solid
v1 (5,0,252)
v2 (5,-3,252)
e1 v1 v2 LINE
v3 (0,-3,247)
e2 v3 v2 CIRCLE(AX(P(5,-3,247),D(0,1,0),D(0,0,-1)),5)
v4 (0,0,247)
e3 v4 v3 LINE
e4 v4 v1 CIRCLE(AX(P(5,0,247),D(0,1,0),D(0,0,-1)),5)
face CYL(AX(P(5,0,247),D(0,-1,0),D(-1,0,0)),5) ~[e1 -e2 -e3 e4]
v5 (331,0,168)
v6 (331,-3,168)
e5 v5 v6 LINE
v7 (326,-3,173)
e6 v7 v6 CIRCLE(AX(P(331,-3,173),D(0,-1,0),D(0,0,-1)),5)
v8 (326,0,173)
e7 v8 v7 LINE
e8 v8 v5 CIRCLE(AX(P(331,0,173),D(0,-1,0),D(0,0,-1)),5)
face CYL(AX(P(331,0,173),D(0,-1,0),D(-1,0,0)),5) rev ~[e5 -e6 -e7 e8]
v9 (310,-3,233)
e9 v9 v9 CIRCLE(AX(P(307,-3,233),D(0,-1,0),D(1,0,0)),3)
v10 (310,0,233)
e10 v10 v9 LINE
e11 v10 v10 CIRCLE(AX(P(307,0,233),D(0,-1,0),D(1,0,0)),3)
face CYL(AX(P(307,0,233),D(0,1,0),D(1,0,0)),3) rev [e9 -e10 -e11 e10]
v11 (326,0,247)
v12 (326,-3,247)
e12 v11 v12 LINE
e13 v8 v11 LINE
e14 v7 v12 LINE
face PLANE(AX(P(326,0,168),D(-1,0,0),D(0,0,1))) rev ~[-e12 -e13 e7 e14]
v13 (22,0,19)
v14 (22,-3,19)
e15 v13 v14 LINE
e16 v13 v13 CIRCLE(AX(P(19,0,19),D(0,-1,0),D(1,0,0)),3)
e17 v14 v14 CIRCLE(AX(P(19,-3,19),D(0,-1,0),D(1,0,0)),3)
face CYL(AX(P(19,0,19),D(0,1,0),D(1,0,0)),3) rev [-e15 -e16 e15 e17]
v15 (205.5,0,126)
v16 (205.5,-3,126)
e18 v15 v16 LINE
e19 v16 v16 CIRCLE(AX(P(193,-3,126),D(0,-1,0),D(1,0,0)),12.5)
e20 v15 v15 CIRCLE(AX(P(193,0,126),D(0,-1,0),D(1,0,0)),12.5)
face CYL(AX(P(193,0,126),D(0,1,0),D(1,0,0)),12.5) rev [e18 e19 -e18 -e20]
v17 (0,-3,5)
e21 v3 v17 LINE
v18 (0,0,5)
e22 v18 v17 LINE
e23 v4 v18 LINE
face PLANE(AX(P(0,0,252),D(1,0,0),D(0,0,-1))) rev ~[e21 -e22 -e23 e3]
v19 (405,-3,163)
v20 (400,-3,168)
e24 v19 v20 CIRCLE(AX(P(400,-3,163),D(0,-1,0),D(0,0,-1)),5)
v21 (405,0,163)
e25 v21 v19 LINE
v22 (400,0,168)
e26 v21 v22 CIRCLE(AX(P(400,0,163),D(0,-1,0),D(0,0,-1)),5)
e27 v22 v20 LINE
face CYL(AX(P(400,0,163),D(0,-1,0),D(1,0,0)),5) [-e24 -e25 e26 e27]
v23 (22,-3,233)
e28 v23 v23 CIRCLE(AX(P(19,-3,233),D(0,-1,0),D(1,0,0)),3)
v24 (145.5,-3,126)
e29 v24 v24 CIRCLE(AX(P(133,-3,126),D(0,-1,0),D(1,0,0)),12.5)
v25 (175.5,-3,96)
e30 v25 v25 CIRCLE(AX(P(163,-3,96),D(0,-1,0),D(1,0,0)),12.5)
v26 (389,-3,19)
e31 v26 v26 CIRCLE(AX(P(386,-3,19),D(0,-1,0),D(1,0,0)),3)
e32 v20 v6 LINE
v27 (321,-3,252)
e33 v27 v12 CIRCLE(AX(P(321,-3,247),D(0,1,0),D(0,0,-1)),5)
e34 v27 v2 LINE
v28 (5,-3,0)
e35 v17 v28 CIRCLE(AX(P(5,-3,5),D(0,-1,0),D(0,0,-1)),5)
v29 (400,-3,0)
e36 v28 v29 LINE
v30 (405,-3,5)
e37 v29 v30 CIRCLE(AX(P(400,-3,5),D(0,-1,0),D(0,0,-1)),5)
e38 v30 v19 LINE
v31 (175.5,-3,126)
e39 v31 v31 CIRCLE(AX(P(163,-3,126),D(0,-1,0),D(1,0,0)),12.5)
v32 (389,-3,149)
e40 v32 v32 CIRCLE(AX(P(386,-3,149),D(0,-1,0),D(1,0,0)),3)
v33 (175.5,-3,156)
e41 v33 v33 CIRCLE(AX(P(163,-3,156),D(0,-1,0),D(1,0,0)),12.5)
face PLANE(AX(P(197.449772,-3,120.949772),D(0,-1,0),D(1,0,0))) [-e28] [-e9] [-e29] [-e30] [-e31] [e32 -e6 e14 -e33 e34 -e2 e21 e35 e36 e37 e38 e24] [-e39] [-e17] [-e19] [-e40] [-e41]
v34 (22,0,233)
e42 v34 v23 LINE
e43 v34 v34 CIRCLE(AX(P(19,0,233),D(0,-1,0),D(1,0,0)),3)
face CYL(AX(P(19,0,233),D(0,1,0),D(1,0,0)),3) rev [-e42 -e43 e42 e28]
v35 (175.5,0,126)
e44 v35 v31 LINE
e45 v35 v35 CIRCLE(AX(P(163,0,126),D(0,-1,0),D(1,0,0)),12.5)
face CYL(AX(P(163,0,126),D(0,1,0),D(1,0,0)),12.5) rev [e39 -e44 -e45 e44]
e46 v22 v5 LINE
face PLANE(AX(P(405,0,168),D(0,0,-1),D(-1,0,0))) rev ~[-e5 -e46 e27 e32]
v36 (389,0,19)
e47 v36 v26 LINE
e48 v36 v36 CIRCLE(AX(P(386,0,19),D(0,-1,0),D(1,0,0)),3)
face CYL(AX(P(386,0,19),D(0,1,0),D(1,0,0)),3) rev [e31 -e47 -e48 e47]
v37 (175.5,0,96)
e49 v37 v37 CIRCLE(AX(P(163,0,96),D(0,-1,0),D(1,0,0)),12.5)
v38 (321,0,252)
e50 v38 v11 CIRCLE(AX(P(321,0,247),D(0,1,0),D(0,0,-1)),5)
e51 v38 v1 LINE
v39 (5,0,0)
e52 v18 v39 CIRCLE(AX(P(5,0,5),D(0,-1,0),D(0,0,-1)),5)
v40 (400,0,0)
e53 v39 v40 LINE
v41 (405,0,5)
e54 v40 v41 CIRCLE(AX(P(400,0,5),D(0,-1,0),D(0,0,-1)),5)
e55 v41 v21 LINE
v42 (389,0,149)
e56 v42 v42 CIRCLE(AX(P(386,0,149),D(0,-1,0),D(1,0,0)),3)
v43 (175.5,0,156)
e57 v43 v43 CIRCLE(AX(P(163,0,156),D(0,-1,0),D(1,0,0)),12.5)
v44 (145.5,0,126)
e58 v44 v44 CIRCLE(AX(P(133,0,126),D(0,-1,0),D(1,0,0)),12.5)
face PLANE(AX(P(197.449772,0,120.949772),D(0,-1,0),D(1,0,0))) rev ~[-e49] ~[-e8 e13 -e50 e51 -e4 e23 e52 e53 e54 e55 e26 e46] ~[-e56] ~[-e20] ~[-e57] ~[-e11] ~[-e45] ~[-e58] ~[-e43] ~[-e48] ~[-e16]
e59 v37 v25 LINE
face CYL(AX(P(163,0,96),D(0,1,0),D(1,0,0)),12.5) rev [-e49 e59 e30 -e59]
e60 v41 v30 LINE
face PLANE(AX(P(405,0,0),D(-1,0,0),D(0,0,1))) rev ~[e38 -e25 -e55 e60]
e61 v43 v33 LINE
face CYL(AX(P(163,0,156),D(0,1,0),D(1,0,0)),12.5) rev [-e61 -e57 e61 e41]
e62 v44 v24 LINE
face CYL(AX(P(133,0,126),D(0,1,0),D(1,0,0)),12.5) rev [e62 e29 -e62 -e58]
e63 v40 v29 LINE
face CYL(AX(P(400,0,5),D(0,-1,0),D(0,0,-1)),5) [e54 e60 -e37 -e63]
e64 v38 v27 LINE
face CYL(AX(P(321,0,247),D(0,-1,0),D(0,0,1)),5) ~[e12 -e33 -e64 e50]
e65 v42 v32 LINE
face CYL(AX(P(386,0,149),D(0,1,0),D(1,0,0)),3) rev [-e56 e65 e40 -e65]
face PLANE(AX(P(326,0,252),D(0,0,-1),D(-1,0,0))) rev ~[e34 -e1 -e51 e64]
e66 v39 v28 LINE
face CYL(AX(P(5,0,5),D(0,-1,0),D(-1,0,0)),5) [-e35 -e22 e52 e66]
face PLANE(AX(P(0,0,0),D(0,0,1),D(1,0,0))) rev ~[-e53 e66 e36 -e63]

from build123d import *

# Parameters (mm, degrees)
F0_R     = 3
F0_R_2   = 12.5
F1_DEPTH = 3
F2_R     = 5
F3_R     = 5


with BuildPart() as f1:
    # F0 (on Front) → F1 (new body)
    with BuildSketch(Plane.XZ):
        Polygon((0, 252), (0, 0), (405, 0), (405, 168), (326, 168), (326, 252), align=None)
        with Locations((19, 19)):
            Circle(F0_R, mode=Mode.SUBTRACT)
        with Locations((163, 96)):
            Circle(F0_R_2, mode=Mode.SUBTRACT)
        with Locations((386, 19)):
            Circle(F0_R, mode=Mode.SUBTRACT)
        with Locations((133, 126)):
            Circle(F0_R_2, mode=Mode.SUBTRACT)
        with Locations((163, 126)):
            Circle(F0_R_2, mode=Mode.SUBTRACT)
        with Locations((193, 126)):
            Circle(F0_R_2, mode=Mode.SUBTRACT)
        with Locations((163, 156)):
            Circle(F0_R_2, mode=Mode.SUBTRACT)
        with Locations((19, 233)):
            Circle(F0_R, mode=Mode.SUBTRACT)
        with Locations((386, 149)):
            Circle(F0_R, mode=Mode.SUBTRACT)
        with Locations((307, 233)):
            Circle(F0_R, mode=Mode.SUBTRACT)
    extrude(amount=F1_DEPTH)

    # F2
    f2_edges = [f1.edges().sort_by_distance(p)[0] for p in [
        (326, -1.5, 252),
        (405, -1.5, 168),
        (405, -1.5, 0),
        (0, -1.5, 0),
        (0, -1.5, 252),
    ]]
    fillet(f2_edges, radius=F2_R)

    # F3
    f3_edges = [f1.edges().sort_by_distance(p)[0] for p in [
        (326, -1.5, 168),
    ]]
    fillet(f3_edges, radius=F3_R)


solid = f1.part
